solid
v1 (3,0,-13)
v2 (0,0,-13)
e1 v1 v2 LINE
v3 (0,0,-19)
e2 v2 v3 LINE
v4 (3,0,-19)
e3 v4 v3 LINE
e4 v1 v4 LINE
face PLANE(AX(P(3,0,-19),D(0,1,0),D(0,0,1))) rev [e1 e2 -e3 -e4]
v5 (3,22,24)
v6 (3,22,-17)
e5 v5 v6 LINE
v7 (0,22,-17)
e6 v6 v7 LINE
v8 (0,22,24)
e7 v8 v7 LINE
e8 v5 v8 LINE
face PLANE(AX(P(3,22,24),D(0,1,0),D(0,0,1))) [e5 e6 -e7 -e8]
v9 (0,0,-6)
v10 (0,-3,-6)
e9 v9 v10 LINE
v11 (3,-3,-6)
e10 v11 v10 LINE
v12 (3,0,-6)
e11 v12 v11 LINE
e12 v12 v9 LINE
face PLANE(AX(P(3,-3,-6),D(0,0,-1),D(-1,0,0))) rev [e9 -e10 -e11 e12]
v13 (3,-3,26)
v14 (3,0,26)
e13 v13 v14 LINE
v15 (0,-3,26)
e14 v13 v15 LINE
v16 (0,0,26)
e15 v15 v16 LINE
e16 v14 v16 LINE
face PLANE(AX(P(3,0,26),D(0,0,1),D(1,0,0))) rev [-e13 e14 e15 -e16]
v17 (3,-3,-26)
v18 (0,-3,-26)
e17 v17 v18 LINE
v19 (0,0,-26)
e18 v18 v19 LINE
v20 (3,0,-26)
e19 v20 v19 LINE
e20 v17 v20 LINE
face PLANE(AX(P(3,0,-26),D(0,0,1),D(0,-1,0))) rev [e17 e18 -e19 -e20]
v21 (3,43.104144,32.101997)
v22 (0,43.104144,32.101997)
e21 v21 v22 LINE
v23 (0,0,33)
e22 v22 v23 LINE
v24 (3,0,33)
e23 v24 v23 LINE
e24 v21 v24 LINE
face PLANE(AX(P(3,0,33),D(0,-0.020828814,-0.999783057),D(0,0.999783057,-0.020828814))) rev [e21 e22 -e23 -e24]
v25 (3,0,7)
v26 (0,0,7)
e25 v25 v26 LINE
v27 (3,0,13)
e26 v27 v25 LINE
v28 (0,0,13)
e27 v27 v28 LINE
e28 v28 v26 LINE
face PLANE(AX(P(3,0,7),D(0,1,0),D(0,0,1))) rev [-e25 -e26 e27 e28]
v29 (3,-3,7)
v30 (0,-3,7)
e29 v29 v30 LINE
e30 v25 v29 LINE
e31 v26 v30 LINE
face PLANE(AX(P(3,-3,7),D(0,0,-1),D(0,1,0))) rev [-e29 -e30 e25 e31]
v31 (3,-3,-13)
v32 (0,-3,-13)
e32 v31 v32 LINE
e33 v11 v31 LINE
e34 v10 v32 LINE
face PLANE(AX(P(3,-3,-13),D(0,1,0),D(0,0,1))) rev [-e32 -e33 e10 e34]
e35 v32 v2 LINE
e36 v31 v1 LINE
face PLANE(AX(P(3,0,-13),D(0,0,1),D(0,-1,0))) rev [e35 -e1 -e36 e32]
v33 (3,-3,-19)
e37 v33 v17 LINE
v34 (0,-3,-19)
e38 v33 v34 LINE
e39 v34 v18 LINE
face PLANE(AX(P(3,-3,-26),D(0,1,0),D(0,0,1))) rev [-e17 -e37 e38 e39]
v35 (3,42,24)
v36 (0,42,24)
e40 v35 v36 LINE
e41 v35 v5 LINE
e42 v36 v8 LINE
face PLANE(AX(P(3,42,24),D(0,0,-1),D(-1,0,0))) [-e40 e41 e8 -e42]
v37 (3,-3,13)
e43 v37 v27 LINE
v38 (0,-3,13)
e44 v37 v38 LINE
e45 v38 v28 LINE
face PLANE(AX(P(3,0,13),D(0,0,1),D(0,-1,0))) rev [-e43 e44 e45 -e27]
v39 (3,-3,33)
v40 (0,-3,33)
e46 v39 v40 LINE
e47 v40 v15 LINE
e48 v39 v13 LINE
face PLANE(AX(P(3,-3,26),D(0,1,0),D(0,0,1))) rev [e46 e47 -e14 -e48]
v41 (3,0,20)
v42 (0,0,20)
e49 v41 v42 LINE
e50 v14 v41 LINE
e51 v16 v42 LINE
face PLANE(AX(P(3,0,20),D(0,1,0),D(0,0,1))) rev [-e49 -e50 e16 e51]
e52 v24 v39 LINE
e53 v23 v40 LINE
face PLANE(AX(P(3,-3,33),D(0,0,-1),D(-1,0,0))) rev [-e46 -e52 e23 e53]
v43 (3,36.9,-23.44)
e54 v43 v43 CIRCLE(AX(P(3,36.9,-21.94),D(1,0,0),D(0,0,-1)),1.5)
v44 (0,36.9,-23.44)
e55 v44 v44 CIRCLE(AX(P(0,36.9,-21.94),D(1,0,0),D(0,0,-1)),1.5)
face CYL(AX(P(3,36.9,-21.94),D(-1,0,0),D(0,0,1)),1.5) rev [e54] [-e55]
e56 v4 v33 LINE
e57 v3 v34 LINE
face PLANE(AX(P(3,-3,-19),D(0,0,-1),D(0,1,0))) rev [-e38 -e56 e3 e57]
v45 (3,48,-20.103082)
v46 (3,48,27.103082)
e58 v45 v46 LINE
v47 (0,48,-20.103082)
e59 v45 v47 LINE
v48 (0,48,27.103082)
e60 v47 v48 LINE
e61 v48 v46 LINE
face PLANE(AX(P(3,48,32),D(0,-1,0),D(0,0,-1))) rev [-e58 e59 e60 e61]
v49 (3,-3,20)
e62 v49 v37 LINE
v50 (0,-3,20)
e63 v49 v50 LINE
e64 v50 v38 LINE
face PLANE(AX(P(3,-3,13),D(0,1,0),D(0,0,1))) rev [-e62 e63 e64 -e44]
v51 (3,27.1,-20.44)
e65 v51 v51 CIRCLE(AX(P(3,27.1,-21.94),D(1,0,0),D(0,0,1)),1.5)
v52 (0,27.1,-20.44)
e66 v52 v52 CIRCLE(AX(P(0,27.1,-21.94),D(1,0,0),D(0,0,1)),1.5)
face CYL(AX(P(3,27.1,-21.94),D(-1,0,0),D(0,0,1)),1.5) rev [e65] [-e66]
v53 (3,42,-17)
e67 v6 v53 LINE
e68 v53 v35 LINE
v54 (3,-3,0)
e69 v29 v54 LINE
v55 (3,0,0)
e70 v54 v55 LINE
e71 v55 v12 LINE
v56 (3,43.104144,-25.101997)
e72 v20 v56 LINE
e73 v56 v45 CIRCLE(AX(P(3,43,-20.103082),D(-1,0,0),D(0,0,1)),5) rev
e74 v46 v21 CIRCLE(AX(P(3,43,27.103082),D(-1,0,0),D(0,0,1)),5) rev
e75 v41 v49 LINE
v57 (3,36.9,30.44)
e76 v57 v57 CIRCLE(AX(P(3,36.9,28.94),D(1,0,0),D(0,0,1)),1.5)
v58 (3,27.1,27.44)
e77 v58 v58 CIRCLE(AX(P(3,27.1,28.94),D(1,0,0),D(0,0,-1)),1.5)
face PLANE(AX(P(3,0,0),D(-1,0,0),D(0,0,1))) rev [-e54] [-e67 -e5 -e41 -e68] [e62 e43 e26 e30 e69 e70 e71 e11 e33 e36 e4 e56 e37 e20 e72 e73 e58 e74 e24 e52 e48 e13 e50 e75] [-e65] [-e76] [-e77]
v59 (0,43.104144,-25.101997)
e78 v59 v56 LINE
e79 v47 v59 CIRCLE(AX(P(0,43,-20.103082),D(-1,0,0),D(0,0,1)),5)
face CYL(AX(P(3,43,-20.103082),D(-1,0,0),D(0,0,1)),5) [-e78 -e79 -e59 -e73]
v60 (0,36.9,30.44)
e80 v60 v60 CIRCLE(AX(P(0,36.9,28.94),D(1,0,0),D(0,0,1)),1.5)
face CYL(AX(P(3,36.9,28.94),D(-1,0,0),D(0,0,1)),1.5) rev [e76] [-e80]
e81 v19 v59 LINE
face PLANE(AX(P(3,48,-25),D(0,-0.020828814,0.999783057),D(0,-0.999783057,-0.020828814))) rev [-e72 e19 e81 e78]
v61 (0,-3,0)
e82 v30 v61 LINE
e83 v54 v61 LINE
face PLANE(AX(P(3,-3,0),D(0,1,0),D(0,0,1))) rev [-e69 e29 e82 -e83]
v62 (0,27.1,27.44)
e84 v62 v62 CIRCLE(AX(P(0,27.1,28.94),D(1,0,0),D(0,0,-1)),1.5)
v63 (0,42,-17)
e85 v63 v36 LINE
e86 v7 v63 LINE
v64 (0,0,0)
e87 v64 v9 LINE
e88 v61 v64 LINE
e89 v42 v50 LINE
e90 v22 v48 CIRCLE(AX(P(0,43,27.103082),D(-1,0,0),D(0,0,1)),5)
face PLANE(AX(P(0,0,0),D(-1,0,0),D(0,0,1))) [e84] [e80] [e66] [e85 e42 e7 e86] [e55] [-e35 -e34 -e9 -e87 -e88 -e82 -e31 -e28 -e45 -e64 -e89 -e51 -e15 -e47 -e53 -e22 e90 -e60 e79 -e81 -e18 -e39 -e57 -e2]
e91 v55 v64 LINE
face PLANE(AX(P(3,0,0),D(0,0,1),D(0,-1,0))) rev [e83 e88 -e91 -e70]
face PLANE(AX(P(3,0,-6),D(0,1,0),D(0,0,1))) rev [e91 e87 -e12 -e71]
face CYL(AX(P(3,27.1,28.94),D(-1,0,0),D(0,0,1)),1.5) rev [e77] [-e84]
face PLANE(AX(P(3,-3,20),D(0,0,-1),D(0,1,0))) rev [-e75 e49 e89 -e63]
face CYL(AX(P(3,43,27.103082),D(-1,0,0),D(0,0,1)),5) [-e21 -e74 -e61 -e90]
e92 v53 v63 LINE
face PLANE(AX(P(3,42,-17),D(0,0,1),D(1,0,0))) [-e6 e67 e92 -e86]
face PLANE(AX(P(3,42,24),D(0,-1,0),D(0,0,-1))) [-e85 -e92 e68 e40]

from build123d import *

# Parameters (mm, degrees)
SKETCH1_R           = 1.5
SKETCH1_W           = 41
SKETCH1_H           = 20
BOSS_EXTRUDE1_DEPTH = 3
FILLET1_R           = 5


with BuildPart() as part:
    # Sketch1 → Boss-Extrude1 (new body)
    with BuildSketch(Plane(origin=(0, 0, 0), x_dir=(0, 0, -1), z_dir=(1, 0, 0))):
        Polygon((-33, 0), (-32, 48), (25, 48), (26, 0), (26, -3), (19, -3), (19, 0), (13, 0), (13, -3), (6, -3), (6, 0), (0, 0), (0, -3), (-7, -3), (-7, 0), (-13, 0), (-13, -3), (-20, -3), (-20, 0), (-26, 0), (-26, -3), (-33, -3), align=None)
        with Locations((21.94, 36.9)):
            Circle(SKETCH1_R, mode=Mode.SUBTRACT)
        with Locations(Location((21.94, 27.1, 0), (0, 0, 180))):
            Circle(SKETCH1_R, mode=Mode.SUBTRACT)
        with Locations(Location((-28.94, 36.9, 0), (0, 0, 180))):
            Circle(SKETCH1_R, mode=Mode.SUBTRACT)
        with Locations((-28.94, 27.1)):
            Circle(SKETCH1_R, mode=Mode.SUBTRACT)
        with Locations((-3.5, 32)):
            Rectangle(SKETCH1_W, SKETCH1_H, mode=Mode.SUBTRACT)
    extrude(amount=BOSS_EXTRUDE1_DEPTH)

    # Fillet1
    fillet1_edges = [part.edges().sort_by_distance(p)[0] for p in [
        (1.5, 48, 32),
        (1.5, 48, -25),
    ]]
    fillet(fillet1_edges, radius=FILLET1_R)


solid = part.part
